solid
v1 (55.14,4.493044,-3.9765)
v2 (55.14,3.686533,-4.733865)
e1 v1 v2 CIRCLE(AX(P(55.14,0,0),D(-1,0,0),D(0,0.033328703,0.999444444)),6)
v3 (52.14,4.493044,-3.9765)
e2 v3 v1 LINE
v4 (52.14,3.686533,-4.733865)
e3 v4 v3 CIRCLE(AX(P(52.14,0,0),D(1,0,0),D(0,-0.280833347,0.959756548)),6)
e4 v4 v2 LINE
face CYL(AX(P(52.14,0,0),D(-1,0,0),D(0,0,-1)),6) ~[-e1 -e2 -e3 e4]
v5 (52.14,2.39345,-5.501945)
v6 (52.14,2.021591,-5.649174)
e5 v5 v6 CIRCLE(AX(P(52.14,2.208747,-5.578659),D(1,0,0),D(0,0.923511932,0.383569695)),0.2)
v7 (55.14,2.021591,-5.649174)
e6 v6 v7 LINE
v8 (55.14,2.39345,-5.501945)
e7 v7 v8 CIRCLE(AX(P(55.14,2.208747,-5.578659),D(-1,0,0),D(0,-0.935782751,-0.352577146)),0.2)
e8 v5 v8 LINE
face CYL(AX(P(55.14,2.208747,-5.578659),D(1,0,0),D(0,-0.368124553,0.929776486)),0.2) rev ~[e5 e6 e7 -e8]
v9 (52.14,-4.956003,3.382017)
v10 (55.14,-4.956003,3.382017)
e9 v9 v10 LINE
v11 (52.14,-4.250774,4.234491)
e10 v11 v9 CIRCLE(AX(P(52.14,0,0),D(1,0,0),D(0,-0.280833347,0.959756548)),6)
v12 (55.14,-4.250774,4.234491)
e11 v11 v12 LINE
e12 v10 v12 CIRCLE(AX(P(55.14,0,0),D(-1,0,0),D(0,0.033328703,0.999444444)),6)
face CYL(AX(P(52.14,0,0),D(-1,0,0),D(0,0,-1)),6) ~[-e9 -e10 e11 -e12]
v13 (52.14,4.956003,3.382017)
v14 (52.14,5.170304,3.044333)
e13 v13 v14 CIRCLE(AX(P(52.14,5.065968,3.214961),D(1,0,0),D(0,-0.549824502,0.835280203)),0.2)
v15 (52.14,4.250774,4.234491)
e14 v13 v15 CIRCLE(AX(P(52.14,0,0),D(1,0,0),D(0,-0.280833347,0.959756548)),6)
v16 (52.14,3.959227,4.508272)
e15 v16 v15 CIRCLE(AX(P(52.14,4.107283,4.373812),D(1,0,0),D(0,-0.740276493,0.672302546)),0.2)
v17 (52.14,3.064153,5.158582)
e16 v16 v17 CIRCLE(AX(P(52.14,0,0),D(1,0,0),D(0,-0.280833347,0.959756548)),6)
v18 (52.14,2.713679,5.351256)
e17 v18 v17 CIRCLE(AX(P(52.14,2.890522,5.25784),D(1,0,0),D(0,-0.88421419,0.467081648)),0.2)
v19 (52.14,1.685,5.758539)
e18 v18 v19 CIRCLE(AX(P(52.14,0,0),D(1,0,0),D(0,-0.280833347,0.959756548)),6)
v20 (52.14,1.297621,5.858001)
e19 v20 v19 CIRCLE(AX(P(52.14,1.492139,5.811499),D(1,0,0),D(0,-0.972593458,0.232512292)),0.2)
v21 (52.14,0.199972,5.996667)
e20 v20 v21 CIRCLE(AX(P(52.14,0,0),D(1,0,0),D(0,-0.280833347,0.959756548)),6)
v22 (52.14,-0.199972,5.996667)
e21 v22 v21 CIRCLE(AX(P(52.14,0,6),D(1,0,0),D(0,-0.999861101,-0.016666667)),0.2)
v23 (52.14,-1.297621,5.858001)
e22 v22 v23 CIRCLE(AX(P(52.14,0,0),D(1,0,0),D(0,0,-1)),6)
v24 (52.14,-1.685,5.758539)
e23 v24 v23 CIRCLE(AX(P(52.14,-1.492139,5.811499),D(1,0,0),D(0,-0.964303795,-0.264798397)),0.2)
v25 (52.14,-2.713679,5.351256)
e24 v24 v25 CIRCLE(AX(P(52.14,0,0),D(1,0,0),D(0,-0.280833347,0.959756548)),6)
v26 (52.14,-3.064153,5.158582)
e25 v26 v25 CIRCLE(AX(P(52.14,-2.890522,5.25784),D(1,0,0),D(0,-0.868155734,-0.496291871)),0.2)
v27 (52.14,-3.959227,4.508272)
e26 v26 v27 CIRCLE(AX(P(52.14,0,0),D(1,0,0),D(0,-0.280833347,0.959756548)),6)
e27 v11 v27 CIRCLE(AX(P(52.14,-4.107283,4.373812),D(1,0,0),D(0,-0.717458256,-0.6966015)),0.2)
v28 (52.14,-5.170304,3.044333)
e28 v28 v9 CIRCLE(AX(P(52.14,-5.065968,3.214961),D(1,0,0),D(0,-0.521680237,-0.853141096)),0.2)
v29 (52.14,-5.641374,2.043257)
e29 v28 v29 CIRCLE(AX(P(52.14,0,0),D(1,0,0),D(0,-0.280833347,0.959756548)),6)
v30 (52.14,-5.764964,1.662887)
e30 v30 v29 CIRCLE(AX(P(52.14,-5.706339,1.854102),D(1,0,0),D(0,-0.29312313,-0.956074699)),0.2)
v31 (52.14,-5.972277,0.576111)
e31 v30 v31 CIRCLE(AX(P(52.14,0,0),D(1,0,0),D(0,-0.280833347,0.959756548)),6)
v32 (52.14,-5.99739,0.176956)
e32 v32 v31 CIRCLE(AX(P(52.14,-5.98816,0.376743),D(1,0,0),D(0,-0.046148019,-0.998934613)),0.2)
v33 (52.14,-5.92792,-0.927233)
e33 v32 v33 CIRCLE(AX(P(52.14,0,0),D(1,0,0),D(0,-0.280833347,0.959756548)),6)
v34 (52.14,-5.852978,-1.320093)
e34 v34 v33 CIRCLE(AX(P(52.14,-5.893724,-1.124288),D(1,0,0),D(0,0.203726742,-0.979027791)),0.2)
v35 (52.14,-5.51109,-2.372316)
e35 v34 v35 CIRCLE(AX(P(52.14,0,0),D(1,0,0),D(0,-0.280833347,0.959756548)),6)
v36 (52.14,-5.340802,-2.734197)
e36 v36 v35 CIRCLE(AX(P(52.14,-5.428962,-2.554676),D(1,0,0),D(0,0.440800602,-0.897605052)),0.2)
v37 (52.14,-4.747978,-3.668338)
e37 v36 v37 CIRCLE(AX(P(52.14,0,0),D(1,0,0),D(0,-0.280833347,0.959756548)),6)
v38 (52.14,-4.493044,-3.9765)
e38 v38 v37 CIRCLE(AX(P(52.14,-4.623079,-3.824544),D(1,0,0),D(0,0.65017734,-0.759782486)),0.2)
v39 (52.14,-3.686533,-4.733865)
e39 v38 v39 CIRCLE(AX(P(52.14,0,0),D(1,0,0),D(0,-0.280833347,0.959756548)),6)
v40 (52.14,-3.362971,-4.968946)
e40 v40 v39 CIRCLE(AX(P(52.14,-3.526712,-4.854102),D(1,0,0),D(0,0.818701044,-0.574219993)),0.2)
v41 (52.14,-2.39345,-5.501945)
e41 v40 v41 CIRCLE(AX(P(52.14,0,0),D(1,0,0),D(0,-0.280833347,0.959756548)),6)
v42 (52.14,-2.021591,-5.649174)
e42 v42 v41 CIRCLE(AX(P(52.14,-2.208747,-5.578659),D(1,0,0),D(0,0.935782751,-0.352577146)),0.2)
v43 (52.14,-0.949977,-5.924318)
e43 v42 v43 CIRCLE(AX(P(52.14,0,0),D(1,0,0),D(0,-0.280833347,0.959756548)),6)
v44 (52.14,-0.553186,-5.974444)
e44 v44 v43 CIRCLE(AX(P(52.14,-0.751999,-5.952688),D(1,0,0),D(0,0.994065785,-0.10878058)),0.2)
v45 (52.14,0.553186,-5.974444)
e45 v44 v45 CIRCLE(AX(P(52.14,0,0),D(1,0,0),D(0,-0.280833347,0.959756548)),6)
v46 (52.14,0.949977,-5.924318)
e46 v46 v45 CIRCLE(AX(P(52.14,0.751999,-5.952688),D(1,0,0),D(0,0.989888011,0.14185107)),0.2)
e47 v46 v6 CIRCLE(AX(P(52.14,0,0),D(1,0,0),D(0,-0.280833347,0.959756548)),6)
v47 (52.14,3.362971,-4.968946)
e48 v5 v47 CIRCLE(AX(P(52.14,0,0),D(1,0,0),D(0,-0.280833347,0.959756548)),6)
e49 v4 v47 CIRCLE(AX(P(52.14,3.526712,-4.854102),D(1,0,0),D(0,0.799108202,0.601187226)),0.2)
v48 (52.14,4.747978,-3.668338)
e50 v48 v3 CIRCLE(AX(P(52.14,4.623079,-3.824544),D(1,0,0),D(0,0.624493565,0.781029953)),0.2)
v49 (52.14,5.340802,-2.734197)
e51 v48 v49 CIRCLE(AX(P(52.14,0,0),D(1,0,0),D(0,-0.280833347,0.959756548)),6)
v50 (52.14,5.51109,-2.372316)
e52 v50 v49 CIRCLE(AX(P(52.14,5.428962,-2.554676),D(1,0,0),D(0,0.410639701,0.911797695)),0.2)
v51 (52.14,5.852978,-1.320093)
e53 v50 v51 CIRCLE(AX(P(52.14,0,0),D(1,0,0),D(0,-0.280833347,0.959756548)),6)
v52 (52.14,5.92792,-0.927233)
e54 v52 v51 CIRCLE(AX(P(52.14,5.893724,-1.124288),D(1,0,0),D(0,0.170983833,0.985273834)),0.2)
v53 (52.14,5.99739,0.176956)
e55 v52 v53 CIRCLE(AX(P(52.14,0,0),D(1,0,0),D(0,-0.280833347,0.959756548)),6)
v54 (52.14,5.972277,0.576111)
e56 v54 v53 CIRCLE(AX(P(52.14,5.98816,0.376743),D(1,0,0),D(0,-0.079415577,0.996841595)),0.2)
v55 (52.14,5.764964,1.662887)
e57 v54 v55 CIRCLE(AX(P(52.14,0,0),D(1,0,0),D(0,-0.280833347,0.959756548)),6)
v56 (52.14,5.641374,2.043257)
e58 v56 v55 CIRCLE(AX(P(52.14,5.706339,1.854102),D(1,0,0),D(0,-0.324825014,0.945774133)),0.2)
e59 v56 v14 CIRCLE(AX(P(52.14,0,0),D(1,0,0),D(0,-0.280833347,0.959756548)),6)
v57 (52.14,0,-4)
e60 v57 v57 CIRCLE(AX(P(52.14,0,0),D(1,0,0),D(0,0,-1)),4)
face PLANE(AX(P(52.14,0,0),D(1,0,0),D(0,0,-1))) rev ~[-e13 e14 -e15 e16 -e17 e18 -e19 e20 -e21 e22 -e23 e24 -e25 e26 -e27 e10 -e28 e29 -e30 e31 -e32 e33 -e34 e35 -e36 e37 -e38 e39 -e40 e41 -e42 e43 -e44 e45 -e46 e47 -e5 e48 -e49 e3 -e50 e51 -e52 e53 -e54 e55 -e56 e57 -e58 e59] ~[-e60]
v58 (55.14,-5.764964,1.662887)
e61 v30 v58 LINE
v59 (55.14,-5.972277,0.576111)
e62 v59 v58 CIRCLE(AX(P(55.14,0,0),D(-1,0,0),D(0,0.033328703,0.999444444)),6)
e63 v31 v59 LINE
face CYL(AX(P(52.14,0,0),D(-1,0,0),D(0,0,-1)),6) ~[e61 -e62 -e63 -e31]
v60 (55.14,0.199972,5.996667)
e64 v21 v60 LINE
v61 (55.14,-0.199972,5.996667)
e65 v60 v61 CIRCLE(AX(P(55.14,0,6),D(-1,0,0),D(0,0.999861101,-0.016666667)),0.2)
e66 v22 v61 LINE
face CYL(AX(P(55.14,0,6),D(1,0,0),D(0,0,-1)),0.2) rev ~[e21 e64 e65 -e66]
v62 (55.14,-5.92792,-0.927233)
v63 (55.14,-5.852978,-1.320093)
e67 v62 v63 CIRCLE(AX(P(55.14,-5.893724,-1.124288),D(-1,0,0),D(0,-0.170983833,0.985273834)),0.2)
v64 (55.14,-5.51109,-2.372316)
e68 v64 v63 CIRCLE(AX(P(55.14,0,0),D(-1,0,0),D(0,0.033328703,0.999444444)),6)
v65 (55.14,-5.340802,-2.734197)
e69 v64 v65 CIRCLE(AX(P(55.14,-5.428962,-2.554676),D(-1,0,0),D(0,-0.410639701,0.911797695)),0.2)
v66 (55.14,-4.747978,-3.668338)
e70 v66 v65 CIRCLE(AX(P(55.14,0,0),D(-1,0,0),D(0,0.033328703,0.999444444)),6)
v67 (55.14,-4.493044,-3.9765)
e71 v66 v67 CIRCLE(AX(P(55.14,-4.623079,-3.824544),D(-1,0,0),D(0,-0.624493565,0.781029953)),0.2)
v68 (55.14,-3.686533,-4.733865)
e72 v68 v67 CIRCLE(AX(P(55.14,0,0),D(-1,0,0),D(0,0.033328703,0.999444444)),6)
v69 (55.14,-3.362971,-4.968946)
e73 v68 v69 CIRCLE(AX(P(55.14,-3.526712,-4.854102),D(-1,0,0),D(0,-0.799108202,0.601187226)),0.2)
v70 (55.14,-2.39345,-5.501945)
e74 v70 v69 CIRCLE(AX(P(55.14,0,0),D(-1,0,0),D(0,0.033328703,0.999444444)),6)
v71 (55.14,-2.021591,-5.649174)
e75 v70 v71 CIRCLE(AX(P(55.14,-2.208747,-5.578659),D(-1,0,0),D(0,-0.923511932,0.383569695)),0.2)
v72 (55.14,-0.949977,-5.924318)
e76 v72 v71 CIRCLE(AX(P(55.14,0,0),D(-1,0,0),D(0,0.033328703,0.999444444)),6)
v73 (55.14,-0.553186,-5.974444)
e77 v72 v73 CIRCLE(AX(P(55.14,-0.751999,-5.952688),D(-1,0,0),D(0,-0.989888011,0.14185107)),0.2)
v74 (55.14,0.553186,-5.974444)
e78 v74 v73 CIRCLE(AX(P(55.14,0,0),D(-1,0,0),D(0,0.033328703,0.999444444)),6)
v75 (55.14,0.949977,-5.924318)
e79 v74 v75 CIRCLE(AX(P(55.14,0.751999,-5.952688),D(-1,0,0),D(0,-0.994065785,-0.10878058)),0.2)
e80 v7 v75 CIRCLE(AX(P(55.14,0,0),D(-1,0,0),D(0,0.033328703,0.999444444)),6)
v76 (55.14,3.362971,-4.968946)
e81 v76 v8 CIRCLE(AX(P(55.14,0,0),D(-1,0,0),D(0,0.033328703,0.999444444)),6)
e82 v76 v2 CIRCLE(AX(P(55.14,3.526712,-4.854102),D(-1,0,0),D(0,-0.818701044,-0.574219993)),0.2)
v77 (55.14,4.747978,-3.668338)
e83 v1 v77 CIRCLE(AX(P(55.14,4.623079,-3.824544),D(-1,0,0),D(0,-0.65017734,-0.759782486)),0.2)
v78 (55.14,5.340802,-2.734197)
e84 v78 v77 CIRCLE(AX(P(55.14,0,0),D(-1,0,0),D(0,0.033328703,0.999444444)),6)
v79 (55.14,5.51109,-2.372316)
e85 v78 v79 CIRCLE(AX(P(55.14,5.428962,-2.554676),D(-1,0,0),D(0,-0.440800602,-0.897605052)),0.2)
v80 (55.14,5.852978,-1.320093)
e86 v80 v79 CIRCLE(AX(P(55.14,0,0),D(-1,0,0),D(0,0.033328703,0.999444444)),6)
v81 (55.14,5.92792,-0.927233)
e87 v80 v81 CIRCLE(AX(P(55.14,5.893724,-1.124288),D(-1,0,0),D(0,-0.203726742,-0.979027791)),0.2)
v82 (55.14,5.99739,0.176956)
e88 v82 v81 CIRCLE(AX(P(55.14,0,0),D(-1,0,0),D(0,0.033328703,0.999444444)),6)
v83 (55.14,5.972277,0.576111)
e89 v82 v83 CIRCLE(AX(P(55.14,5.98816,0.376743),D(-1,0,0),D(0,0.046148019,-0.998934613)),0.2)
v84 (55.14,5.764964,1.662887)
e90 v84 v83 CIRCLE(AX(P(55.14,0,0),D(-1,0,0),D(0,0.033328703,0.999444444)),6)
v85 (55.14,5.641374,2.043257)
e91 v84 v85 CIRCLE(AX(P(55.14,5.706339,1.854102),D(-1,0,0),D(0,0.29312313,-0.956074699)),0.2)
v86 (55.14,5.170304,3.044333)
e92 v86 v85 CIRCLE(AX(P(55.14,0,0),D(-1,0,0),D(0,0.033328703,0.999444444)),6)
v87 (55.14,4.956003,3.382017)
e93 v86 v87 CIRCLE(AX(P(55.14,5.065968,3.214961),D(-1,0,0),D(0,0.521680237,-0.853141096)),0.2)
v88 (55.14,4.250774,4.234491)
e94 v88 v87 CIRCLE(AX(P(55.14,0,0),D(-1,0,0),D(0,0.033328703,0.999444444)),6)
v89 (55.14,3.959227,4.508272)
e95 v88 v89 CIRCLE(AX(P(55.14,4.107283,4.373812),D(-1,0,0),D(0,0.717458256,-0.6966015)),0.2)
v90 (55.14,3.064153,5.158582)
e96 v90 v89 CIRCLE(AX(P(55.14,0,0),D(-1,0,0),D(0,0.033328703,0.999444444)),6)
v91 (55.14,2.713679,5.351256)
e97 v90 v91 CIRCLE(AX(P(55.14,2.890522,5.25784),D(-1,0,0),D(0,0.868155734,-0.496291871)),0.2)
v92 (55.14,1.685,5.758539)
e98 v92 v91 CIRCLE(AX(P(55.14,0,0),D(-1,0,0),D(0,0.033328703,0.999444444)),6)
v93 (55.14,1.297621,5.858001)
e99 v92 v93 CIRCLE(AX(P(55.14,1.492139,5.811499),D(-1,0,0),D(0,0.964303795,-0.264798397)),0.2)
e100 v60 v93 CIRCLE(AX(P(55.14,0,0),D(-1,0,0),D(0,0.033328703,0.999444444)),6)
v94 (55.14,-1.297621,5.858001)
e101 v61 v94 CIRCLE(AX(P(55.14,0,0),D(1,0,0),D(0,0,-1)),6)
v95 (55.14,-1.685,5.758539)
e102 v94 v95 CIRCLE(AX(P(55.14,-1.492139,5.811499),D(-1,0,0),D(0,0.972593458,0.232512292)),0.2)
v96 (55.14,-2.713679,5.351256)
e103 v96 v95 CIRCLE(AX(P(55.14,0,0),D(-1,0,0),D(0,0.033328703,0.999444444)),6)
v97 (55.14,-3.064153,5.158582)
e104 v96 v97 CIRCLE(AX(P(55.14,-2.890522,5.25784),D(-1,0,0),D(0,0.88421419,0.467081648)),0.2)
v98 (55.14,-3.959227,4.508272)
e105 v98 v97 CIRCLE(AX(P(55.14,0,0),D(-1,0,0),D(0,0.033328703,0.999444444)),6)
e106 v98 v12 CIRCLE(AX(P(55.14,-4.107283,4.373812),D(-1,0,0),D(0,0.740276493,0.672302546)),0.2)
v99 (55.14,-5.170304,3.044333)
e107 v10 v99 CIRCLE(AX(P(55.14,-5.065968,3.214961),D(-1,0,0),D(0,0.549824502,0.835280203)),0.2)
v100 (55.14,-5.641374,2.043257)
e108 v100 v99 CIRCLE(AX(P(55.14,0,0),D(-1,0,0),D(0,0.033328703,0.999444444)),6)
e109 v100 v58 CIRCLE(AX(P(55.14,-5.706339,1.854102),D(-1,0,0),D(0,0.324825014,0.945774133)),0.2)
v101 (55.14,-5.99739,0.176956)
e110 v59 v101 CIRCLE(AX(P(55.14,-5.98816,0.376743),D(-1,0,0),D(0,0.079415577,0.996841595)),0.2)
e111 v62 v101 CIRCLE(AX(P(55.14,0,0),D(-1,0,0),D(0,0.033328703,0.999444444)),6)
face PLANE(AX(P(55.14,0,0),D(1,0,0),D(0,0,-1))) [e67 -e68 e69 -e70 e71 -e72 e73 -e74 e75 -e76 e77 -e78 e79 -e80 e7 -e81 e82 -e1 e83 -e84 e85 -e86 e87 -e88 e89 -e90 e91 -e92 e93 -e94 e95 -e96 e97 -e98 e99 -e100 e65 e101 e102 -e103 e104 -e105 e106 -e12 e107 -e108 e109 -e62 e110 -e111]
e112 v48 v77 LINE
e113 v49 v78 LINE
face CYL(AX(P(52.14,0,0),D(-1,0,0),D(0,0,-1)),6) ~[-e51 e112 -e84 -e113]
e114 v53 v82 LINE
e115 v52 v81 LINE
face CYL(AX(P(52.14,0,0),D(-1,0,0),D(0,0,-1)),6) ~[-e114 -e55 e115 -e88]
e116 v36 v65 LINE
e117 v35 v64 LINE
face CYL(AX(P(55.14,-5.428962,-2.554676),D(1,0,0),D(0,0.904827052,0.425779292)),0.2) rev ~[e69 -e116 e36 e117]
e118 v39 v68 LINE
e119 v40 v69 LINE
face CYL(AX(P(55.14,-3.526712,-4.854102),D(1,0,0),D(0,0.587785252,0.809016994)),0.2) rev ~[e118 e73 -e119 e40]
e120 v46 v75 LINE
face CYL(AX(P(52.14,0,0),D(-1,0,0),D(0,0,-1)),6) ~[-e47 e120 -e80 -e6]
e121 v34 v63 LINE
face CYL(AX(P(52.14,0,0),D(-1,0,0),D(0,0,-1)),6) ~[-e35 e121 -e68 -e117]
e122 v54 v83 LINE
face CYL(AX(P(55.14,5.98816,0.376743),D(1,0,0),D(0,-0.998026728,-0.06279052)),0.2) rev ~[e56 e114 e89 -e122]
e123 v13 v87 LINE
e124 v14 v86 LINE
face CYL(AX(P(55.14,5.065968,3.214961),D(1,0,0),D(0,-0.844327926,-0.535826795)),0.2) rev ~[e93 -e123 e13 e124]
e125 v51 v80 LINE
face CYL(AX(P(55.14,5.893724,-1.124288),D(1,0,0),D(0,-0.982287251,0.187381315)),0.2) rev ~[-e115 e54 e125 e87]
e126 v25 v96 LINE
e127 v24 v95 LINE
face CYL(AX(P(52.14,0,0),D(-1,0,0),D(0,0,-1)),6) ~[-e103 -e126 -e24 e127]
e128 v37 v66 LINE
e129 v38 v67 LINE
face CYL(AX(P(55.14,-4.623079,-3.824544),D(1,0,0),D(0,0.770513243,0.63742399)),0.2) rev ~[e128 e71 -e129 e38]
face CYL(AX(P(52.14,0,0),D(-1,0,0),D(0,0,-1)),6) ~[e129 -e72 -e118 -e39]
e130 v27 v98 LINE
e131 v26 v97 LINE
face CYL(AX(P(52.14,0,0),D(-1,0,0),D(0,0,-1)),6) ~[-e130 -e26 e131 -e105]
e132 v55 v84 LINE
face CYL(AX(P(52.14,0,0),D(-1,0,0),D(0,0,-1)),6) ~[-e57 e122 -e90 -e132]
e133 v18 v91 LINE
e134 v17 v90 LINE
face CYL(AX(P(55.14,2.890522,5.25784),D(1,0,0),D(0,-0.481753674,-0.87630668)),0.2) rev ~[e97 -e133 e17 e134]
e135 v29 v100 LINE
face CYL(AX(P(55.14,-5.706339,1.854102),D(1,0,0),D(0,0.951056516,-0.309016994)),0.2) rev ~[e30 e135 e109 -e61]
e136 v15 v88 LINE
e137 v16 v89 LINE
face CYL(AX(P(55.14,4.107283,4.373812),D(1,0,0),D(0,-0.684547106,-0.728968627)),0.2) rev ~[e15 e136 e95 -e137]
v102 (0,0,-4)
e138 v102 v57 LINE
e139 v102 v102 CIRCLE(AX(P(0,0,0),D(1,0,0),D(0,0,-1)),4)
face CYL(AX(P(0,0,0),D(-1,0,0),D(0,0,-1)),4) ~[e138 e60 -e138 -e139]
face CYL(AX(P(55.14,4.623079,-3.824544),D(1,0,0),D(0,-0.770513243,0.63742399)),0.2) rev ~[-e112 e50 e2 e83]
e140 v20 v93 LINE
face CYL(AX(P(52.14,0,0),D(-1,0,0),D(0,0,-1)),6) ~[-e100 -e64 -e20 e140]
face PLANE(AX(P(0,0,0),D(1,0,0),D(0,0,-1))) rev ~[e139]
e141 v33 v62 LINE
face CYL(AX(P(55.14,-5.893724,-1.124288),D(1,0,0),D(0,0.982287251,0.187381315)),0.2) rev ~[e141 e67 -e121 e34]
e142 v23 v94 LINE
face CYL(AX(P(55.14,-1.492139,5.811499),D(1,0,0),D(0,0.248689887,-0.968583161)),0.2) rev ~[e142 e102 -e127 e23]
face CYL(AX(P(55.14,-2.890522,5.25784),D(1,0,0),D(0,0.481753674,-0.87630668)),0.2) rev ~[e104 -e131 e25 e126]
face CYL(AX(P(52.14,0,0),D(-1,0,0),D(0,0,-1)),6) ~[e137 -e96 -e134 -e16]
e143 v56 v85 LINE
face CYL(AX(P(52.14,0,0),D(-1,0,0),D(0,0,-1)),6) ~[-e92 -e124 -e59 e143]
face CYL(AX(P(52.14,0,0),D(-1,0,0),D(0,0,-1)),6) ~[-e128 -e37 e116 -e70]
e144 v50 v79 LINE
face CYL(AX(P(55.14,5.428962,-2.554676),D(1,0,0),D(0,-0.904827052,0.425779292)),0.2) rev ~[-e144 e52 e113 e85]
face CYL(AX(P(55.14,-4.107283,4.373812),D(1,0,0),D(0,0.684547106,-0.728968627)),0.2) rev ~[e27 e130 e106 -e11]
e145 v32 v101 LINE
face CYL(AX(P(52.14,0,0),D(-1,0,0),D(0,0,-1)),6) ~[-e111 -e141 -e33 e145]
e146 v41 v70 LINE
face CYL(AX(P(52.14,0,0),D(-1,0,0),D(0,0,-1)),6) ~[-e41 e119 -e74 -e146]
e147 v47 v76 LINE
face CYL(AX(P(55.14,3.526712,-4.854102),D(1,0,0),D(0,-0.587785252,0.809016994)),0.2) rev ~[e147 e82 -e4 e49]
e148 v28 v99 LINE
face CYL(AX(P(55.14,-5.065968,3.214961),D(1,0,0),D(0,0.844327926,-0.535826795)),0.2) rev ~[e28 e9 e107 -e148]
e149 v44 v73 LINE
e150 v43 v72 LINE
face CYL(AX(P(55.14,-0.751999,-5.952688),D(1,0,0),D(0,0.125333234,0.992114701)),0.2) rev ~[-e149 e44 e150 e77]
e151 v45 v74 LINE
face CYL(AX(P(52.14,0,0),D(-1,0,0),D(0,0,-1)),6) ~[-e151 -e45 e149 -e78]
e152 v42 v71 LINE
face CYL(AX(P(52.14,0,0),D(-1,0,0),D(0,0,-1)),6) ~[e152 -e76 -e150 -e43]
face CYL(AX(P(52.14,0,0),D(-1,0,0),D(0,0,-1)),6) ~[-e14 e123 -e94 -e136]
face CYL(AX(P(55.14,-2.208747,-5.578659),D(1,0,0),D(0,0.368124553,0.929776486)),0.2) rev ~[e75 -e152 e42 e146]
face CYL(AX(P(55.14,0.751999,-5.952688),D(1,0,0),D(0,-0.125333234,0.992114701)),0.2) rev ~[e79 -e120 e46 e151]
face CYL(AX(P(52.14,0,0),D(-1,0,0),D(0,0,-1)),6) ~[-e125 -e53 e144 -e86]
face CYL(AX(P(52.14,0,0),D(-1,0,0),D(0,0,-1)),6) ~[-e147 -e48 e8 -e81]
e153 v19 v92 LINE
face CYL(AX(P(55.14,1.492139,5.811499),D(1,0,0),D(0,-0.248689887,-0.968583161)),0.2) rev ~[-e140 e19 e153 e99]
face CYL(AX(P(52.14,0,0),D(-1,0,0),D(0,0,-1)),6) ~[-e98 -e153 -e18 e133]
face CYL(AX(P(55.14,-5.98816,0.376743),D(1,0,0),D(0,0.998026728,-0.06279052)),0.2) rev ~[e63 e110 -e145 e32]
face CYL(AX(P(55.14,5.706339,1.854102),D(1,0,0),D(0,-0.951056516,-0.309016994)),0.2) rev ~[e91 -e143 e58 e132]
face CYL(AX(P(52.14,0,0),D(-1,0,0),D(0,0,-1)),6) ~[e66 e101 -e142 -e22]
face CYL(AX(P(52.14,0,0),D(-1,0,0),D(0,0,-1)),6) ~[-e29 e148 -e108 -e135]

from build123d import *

# Parameters (mm, degrees)
SKETCH1_R           = 4
BOSS_EXTRUDE1_DEPTH = 52.14
SKETCH2_R           = 6
BOSS_EXTRUDE2_DEPTH = 3
CUT_EXTRUDE1_REACH  = 57.789
SKETCH3_R           = 0.2
CIRPATTERN1_COUNT   = 25


with BuildPart() as part:
    # Sketch1 → Boss-Extrude1 (new body)
    with BuildSketch(Plane(origin=(0, 0, 0), x_dir=(0, 0, -1), z_dir=(1, 0, 0))):
        Circle(SKETCH1_R)
    extrude(amount=BOSS_EXTRUDE1_DEPTH)

    # Sketch2 → Boss-Extrude2 (add)
    with BuildSketch(Plane(origin=(52.14, 0, 0), x_dir=(0, 0, -1), z_dir=(1, 0, 0))):
        Circle(SKETCH2_R)
    extrude(amount=BOSS_EXTRUDE2_DEPTH)

    # Sketch3 → Cut-Extrude1 (cut, up to next)
    with BuildSketch(Plane(origin=(55.14, 0, 0), x_dir=(0, 0, -1), z_dir=(1, 0, 0)), mode=Mode.PRIVATE) as cut_extrude1_sk1:
        with Locations((-6, 0)):
            Circle(SKETCH3_R)
    cut_extrude1_tool1 = extrude(cut_extrude1_sk1.sketch, amount=-CUT_EXTRUDE1_REACH, mode=Mode.PRIVATE) & part.part
    cut_extrude1 = cut_extrude1_tool1.solids().sort_by_distance((55.14, 0, 6))[0]
    add(cut_extrude1, mode=Mode.SUBTRACT)

    # CirPattern1: Cut-Extrude1 ×25 about axis
    cirpattern1_axis = Axis((0, 0, 0), (1, 0, 0))
    for i in range(1, CIRPATTERN1_COUNT):
        add(cut_extrude1.rotate(cirpattern1_axis, i * 360 / CIRPATTERN1_COUNT), mode=Mode.SUBTRACT)


solid = part.part
